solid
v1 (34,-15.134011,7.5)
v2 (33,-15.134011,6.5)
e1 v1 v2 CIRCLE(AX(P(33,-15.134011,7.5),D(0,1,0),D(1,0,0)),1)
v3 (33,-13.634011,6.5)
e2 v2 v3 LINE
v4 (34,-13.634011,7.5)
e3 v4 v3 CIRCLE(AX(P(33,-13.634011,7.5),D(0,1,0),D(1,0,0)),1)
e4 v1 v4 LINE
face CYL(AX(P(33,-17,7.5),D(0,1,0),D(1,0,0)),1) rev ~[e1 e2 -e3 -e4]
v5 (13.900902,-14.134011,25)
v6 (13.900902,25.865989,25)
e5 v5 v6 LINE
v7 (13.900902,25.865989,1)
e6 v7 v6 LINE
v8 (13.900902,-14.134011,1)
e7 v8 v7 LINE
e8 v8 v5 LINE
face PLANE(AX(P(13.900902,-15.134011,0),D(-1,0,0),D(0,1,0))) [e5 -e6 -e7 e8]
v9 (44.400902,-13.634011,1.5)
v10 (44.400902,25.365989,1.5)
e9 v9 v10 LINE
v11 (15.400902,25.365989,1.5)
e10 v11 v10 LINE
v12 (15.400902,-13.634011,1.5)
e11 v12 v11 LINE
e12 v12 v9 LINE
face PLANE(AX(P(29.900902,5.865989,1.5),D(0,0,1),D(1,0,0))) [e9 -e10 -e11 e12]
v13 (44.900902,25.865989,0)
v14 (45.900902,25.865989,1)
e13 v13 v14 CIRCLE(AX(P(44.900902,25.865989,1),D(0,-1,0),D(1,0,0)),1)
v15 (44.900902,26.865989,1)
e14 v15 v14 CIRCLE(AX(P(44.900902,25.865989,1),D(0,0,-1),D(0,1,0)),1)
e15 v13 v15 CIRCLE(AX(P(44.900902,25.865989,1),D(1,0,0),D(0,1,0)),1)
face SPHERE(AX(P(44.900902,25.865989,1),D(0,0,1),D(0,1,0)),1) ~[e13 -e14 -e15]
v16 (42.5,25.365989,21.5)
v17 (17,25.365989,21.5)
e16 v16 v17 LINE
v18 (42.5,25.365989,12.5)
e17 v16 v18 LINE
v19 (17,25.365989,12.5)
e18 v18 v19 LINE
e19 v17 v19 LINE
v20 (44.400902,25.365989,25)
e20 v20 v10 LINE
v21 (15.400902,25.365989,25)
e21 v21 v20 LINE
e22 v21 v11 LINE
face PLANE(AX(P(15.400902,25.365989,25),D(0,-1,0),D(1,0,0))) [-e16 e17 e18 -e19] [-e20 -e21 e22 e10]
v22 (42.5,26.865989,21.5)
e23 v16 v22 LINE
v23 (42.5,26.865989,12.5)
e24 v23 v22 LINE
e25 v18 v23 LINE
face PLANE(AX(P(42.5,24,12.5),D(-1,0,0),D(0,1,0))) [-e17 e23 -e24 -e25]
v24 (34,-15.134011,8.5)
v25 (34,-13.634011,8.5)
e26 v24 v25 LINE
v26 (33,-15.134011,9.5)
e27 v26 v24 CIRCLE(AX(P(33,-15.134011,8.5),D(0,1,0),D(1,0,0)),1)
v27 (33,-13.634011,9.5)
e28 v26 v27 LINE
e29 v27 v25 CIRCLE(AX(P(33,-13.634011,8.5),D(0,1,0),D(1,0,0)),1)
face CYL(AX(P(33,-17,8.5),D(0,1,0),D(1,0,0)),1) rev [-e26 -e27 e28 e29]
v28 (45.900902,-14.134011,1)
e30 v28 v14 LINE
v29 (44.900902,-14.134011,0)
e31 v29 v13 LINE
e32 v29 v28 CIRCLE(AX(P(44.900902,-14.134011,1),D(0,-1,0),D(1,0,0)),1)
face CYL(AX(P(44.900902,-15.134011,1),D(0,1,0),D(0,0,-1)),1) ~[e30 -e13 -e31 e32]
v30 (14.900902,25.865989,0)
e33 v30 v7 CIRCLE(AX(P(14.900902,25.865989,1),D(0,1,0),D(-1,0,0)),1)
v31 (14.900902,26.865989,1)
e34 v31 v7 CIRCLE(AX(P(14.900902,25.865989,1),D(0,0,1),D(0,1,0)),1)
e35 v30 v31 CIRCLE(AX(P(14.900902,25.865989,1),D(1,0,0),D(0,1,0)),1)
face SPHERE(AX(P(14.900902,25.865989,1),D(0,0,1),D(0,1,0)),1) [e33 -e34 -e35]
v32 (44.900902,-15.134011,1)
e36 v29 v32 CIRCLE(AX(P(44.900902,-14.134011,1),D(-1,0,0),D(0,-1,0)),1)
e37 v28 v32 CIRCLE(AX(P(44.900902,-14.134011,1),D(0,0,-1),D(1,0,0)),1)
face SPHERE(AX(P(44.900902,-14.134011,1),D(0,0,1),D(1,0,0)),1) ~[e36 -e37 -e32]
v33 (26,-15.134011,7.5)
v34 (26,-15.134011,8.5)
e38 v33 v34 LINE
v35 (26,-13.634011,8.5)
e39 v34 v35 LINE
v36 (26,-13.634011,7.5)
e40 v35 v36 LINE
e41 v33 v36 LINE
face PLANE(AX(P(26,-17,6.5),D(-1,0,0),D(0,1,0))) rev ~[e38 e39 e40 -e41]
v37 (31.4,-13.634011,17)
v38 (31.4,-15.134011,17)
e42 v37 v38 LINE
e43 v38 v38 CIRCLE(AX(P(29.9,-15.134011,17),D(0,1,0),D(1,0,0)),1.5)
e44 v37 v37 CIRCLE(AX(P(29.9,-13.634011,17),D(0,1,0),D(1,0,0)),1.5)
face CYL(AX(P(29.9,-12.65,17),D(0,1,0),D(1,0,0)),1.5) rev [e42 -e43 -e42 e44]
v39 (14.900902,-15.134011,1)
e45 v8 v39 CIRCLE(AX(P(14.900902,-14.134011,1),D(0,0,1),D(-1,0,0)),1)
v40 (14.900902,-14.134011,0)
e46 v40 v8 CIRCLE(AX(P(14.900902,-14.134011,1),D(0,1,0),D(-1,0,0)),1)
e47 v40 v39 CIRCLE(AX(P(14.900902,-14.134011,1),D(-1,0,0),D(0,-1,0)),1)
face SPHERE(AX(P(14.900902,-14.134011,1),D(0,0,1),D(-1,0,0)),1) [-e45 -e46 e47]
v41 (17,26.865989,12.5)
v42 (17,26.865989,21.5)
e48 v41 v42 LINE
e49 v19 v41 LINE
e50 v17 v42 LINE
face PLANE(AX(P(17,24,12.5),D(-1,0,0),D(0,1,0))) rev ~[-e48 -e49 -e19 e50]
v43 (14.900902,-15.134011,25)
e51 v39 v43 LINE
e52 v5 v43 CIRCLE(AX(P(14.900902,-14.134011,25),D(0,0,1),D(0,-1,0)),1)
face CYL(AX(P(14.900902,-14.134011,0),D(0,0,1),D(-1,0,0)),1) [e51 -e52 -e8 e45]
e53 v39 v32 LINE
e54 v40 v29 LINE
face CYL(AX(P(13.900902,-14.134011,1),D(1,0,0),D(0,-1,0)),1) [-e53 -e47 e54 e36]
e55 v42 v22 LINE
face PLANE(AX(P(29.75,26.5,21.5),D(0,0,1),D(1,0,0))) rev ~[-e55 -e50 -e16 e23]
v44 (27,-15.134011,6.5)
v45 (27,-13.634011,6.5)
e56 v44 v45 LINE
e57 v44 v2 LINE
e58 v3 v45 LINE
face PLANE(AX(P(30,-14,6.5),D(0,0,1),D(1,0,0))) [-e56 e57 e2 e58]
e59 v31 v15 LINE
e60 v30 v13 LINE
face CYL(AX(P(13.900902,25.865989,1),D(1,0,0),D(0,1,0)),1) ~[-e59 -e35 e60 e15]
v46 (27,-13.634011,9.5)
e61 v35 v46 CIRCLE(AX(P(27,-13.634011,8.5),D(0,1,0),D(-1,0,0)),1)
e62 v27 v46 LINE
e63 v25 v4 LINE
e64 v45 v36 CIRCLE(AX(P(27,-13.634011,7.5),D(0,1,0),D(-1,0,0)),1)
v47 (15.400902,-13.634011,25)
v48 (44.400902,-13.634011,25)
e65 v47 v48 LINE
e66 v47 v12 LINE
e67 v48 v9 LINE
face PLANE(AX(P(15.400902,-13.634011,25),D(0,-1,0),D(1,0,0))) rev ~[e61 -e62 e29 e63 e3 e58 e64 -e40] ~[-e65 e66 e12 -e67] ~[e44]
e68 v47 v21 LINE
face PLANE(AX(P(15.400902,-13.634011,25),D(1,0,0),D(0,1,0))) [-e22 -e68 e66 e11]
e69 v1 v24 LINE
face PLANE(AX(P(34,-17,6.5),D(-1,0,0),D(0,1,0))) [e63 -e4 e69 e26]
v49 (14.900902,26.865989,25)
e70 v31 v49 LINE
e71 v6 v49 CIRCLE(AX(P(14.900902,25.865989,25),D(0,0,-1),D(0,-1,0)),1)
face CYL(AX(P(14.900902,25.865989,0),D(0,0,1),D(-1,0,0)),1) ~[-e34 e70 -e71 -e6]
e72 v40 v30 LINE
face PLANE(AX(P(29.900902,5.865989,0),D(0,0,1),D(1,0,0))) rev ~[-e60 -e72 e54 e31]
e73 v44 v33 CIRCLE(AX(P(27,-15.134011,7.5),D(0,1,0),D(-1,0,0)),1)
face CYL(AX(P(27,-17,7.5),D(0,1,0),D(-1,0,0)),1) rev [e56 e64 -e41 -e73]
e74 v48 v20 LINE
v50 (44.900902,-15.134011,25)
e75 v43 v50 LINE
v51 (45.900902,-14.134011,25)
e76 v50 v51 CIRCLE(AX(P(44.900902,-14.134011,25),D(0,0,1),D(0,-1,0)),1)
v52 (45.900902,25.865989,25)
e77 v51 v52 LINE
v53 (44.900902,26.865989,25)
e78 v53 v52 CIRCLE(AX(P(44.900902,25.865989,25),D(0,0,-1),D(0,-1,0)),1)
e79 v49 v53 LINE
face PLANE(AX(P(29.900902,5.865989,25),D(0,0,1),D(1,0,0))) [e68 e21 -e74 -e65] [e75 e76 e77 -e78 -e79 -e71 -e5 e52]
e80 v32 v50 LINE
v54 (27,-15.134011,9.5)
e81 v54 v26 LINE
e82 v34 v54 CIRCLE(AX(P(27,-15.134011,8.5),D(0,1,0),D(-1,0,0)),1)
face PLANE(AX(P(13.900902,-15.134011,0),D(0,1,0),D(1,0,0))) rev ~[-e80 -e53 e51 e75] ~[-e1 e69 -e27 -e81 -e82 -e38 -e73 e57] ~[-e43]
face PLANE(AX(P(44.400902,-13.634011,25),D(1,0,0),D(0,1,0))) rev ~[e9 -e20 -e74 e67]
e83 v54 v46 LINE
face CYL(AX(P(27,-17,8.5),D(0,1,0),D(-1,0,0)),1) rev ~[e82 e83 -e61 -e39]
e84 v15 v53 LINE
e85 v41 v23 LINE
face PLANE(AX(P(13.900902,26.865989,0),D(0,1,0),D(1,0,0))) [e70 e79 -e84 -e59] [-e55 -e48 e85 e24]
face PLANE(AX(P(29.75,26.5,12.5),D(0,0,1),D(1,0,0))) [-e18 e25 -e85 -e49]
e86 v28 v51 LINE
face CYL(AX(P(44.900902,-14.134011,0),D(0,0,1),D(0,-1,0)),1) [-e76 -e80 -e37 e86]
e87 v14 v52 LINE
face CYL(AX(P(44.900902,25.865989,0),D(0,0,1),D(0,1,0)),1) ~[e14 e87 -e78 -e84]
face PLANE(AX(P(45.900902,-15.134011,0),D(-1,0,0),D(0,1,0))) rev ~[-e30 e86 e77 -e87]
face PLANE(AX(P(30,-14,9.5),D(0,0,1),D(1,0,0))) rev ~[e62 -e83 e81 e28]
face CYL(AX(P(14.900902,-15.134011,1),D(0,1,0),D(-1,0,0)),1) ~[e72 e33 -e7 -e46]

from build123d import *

# Parameters (mm, degrees)
BOX003_W            = 8
BOX003_H            = 6
BOX003_DEPTH        = 3
FILLET003_R         = 1
BOX004_W            = 25.5
BOX004_H            = 5
BOX004_DEPTH        = 9
CYLINDER_R          = 1.5
CYLINDER_DEPTH      = 3.5
CYLINDER_ROLL_ANGLE = 90
SKETCH_W            = 32
SKETCH_H            = 42
PAD_DEPTH           = 25
SKETCH001_W         = 29
SKETCH001_H         = 39
POCKET_DEPTH        = 23.5
FILLET001_R         = 1


with BuildPart() as fillet003:
    # Box003 → Box003 (new body)
    with BuildSketch(Plane(origin=(26, -16, 6.5), x_dir=(1, 0, 0), z_dir=(0, 0, 1))):
        with Locations((4, 3)):
            Rectangle(BOX003_W, BOX003_H)
    extrude(amount=BOX003_DEPTH)

    # Fillet003
    fillet003_edges = [fillet003.edges().sort_by_distance(p)[0] for p in [
        (26, -16, 8),
        (26, -13, 9.5),
        (26, -10, 8),
        (26, -13, 6.5),
        (34, -16, 8),
        (34, -13, 9.5),
        (34, -10, 8),
        (34, -13, 6.5),
        (30, -16, 6.5),
        (30, -16, 9.5),
        (30, -10, 6.5),
        (30, -10, 9.5),
    ]]
    fillet(fillet003_edges, radius=FILLET003_R)


with BuildPart() as fillet003_1:
    # Fillet003 placement: moved
    add(fillet003.part.moved(Location((0, -1, 0))))


with BuildPart() as cubo001:
    # Box004 → Box004 (new body)
    with BuildSketch(Plane(origin=(17, 24, 12.5), x_dir=(1, 0, 0), z_dir=(0, 0, 1))):
        with Locations((12.75, 2.5)):
            Rectangle(BOX004_W, BOX004_H)
    extrude(amount=BOX004_DEPTH)


with BuildPart() as holes:
    # Cylinder → Cylinder (new body)
    with BuildSketch(Plane.XY):
        Circle(CYLINDER_R)
    extrude(amount=CYLINDER_DEPTH)


with BuildPart() as holes_1:
    # Cylinder roll: moved
    add(holes.part.rotate(Axis((0, 0, 0), (1, 0, 0)), CYLINDER_ROLL_ANGLE))


with BuildPart() as holes_2:
    # Cylinder placement: moved
    add(holes_1.part.moved(Location((29.9, -12.65, 17))))

    # Fusion001: union Fillet003, Cubo001
    add(fillet003_1.part)
    add(cubo001.part)


with BuildPart() as cabinet_drilled:
    # Sketch → Pad (new body)
    with BuildSketch(Plane.XY):
        with Locations((29.906403, 6.669162)):
            Rectangle(SKETCH_W, SKETCH_H)
    extrude(amount=PAD_DEPTH)

    # Sketch001 (on Face6 of Pad) → Pocket (cut)
    with BuildSketch(Plane.XY.offset(25)):
        with Locations((29.906403, 6.669162)):
            Rectangle(SKETCH001_W, SKETCH001_H)
    extrude(amount=-POCKET_DEPTH, mode=Mode.SUBTRACT)

    # Fillet001
    fillet001_edges = [cabinet_drilled.edges().sort_by_distance(p)[0] for p in [
        (13.906403, 27.669162, 12.5),
        (45.906403, 27.669162, 12.5),
        (29.906403, 27.669162, 0),
        (13.906403, -14.330838, 12.5),
        (13.906403, 6.669162, 0),
        (45.906403, -14.330838, 12.5),
        (45.906403, 6.669162, 0),
        (29.906403, -14.330838, 0),
    ]]
    fillet(fillet001_edges, radius=FILLET001_R)


with BuildPart() as cabinet_drilled_1:
    # Fillet001 placement: moved
    add(cabinet_drilled.part.moved(Location((-0.005501, -0.803173, 0))))

    # Cut: cut Holes
    add(holes_2.part, mode=Mode.SUBTRACT)


solid = cabinet_drilled_1.part
